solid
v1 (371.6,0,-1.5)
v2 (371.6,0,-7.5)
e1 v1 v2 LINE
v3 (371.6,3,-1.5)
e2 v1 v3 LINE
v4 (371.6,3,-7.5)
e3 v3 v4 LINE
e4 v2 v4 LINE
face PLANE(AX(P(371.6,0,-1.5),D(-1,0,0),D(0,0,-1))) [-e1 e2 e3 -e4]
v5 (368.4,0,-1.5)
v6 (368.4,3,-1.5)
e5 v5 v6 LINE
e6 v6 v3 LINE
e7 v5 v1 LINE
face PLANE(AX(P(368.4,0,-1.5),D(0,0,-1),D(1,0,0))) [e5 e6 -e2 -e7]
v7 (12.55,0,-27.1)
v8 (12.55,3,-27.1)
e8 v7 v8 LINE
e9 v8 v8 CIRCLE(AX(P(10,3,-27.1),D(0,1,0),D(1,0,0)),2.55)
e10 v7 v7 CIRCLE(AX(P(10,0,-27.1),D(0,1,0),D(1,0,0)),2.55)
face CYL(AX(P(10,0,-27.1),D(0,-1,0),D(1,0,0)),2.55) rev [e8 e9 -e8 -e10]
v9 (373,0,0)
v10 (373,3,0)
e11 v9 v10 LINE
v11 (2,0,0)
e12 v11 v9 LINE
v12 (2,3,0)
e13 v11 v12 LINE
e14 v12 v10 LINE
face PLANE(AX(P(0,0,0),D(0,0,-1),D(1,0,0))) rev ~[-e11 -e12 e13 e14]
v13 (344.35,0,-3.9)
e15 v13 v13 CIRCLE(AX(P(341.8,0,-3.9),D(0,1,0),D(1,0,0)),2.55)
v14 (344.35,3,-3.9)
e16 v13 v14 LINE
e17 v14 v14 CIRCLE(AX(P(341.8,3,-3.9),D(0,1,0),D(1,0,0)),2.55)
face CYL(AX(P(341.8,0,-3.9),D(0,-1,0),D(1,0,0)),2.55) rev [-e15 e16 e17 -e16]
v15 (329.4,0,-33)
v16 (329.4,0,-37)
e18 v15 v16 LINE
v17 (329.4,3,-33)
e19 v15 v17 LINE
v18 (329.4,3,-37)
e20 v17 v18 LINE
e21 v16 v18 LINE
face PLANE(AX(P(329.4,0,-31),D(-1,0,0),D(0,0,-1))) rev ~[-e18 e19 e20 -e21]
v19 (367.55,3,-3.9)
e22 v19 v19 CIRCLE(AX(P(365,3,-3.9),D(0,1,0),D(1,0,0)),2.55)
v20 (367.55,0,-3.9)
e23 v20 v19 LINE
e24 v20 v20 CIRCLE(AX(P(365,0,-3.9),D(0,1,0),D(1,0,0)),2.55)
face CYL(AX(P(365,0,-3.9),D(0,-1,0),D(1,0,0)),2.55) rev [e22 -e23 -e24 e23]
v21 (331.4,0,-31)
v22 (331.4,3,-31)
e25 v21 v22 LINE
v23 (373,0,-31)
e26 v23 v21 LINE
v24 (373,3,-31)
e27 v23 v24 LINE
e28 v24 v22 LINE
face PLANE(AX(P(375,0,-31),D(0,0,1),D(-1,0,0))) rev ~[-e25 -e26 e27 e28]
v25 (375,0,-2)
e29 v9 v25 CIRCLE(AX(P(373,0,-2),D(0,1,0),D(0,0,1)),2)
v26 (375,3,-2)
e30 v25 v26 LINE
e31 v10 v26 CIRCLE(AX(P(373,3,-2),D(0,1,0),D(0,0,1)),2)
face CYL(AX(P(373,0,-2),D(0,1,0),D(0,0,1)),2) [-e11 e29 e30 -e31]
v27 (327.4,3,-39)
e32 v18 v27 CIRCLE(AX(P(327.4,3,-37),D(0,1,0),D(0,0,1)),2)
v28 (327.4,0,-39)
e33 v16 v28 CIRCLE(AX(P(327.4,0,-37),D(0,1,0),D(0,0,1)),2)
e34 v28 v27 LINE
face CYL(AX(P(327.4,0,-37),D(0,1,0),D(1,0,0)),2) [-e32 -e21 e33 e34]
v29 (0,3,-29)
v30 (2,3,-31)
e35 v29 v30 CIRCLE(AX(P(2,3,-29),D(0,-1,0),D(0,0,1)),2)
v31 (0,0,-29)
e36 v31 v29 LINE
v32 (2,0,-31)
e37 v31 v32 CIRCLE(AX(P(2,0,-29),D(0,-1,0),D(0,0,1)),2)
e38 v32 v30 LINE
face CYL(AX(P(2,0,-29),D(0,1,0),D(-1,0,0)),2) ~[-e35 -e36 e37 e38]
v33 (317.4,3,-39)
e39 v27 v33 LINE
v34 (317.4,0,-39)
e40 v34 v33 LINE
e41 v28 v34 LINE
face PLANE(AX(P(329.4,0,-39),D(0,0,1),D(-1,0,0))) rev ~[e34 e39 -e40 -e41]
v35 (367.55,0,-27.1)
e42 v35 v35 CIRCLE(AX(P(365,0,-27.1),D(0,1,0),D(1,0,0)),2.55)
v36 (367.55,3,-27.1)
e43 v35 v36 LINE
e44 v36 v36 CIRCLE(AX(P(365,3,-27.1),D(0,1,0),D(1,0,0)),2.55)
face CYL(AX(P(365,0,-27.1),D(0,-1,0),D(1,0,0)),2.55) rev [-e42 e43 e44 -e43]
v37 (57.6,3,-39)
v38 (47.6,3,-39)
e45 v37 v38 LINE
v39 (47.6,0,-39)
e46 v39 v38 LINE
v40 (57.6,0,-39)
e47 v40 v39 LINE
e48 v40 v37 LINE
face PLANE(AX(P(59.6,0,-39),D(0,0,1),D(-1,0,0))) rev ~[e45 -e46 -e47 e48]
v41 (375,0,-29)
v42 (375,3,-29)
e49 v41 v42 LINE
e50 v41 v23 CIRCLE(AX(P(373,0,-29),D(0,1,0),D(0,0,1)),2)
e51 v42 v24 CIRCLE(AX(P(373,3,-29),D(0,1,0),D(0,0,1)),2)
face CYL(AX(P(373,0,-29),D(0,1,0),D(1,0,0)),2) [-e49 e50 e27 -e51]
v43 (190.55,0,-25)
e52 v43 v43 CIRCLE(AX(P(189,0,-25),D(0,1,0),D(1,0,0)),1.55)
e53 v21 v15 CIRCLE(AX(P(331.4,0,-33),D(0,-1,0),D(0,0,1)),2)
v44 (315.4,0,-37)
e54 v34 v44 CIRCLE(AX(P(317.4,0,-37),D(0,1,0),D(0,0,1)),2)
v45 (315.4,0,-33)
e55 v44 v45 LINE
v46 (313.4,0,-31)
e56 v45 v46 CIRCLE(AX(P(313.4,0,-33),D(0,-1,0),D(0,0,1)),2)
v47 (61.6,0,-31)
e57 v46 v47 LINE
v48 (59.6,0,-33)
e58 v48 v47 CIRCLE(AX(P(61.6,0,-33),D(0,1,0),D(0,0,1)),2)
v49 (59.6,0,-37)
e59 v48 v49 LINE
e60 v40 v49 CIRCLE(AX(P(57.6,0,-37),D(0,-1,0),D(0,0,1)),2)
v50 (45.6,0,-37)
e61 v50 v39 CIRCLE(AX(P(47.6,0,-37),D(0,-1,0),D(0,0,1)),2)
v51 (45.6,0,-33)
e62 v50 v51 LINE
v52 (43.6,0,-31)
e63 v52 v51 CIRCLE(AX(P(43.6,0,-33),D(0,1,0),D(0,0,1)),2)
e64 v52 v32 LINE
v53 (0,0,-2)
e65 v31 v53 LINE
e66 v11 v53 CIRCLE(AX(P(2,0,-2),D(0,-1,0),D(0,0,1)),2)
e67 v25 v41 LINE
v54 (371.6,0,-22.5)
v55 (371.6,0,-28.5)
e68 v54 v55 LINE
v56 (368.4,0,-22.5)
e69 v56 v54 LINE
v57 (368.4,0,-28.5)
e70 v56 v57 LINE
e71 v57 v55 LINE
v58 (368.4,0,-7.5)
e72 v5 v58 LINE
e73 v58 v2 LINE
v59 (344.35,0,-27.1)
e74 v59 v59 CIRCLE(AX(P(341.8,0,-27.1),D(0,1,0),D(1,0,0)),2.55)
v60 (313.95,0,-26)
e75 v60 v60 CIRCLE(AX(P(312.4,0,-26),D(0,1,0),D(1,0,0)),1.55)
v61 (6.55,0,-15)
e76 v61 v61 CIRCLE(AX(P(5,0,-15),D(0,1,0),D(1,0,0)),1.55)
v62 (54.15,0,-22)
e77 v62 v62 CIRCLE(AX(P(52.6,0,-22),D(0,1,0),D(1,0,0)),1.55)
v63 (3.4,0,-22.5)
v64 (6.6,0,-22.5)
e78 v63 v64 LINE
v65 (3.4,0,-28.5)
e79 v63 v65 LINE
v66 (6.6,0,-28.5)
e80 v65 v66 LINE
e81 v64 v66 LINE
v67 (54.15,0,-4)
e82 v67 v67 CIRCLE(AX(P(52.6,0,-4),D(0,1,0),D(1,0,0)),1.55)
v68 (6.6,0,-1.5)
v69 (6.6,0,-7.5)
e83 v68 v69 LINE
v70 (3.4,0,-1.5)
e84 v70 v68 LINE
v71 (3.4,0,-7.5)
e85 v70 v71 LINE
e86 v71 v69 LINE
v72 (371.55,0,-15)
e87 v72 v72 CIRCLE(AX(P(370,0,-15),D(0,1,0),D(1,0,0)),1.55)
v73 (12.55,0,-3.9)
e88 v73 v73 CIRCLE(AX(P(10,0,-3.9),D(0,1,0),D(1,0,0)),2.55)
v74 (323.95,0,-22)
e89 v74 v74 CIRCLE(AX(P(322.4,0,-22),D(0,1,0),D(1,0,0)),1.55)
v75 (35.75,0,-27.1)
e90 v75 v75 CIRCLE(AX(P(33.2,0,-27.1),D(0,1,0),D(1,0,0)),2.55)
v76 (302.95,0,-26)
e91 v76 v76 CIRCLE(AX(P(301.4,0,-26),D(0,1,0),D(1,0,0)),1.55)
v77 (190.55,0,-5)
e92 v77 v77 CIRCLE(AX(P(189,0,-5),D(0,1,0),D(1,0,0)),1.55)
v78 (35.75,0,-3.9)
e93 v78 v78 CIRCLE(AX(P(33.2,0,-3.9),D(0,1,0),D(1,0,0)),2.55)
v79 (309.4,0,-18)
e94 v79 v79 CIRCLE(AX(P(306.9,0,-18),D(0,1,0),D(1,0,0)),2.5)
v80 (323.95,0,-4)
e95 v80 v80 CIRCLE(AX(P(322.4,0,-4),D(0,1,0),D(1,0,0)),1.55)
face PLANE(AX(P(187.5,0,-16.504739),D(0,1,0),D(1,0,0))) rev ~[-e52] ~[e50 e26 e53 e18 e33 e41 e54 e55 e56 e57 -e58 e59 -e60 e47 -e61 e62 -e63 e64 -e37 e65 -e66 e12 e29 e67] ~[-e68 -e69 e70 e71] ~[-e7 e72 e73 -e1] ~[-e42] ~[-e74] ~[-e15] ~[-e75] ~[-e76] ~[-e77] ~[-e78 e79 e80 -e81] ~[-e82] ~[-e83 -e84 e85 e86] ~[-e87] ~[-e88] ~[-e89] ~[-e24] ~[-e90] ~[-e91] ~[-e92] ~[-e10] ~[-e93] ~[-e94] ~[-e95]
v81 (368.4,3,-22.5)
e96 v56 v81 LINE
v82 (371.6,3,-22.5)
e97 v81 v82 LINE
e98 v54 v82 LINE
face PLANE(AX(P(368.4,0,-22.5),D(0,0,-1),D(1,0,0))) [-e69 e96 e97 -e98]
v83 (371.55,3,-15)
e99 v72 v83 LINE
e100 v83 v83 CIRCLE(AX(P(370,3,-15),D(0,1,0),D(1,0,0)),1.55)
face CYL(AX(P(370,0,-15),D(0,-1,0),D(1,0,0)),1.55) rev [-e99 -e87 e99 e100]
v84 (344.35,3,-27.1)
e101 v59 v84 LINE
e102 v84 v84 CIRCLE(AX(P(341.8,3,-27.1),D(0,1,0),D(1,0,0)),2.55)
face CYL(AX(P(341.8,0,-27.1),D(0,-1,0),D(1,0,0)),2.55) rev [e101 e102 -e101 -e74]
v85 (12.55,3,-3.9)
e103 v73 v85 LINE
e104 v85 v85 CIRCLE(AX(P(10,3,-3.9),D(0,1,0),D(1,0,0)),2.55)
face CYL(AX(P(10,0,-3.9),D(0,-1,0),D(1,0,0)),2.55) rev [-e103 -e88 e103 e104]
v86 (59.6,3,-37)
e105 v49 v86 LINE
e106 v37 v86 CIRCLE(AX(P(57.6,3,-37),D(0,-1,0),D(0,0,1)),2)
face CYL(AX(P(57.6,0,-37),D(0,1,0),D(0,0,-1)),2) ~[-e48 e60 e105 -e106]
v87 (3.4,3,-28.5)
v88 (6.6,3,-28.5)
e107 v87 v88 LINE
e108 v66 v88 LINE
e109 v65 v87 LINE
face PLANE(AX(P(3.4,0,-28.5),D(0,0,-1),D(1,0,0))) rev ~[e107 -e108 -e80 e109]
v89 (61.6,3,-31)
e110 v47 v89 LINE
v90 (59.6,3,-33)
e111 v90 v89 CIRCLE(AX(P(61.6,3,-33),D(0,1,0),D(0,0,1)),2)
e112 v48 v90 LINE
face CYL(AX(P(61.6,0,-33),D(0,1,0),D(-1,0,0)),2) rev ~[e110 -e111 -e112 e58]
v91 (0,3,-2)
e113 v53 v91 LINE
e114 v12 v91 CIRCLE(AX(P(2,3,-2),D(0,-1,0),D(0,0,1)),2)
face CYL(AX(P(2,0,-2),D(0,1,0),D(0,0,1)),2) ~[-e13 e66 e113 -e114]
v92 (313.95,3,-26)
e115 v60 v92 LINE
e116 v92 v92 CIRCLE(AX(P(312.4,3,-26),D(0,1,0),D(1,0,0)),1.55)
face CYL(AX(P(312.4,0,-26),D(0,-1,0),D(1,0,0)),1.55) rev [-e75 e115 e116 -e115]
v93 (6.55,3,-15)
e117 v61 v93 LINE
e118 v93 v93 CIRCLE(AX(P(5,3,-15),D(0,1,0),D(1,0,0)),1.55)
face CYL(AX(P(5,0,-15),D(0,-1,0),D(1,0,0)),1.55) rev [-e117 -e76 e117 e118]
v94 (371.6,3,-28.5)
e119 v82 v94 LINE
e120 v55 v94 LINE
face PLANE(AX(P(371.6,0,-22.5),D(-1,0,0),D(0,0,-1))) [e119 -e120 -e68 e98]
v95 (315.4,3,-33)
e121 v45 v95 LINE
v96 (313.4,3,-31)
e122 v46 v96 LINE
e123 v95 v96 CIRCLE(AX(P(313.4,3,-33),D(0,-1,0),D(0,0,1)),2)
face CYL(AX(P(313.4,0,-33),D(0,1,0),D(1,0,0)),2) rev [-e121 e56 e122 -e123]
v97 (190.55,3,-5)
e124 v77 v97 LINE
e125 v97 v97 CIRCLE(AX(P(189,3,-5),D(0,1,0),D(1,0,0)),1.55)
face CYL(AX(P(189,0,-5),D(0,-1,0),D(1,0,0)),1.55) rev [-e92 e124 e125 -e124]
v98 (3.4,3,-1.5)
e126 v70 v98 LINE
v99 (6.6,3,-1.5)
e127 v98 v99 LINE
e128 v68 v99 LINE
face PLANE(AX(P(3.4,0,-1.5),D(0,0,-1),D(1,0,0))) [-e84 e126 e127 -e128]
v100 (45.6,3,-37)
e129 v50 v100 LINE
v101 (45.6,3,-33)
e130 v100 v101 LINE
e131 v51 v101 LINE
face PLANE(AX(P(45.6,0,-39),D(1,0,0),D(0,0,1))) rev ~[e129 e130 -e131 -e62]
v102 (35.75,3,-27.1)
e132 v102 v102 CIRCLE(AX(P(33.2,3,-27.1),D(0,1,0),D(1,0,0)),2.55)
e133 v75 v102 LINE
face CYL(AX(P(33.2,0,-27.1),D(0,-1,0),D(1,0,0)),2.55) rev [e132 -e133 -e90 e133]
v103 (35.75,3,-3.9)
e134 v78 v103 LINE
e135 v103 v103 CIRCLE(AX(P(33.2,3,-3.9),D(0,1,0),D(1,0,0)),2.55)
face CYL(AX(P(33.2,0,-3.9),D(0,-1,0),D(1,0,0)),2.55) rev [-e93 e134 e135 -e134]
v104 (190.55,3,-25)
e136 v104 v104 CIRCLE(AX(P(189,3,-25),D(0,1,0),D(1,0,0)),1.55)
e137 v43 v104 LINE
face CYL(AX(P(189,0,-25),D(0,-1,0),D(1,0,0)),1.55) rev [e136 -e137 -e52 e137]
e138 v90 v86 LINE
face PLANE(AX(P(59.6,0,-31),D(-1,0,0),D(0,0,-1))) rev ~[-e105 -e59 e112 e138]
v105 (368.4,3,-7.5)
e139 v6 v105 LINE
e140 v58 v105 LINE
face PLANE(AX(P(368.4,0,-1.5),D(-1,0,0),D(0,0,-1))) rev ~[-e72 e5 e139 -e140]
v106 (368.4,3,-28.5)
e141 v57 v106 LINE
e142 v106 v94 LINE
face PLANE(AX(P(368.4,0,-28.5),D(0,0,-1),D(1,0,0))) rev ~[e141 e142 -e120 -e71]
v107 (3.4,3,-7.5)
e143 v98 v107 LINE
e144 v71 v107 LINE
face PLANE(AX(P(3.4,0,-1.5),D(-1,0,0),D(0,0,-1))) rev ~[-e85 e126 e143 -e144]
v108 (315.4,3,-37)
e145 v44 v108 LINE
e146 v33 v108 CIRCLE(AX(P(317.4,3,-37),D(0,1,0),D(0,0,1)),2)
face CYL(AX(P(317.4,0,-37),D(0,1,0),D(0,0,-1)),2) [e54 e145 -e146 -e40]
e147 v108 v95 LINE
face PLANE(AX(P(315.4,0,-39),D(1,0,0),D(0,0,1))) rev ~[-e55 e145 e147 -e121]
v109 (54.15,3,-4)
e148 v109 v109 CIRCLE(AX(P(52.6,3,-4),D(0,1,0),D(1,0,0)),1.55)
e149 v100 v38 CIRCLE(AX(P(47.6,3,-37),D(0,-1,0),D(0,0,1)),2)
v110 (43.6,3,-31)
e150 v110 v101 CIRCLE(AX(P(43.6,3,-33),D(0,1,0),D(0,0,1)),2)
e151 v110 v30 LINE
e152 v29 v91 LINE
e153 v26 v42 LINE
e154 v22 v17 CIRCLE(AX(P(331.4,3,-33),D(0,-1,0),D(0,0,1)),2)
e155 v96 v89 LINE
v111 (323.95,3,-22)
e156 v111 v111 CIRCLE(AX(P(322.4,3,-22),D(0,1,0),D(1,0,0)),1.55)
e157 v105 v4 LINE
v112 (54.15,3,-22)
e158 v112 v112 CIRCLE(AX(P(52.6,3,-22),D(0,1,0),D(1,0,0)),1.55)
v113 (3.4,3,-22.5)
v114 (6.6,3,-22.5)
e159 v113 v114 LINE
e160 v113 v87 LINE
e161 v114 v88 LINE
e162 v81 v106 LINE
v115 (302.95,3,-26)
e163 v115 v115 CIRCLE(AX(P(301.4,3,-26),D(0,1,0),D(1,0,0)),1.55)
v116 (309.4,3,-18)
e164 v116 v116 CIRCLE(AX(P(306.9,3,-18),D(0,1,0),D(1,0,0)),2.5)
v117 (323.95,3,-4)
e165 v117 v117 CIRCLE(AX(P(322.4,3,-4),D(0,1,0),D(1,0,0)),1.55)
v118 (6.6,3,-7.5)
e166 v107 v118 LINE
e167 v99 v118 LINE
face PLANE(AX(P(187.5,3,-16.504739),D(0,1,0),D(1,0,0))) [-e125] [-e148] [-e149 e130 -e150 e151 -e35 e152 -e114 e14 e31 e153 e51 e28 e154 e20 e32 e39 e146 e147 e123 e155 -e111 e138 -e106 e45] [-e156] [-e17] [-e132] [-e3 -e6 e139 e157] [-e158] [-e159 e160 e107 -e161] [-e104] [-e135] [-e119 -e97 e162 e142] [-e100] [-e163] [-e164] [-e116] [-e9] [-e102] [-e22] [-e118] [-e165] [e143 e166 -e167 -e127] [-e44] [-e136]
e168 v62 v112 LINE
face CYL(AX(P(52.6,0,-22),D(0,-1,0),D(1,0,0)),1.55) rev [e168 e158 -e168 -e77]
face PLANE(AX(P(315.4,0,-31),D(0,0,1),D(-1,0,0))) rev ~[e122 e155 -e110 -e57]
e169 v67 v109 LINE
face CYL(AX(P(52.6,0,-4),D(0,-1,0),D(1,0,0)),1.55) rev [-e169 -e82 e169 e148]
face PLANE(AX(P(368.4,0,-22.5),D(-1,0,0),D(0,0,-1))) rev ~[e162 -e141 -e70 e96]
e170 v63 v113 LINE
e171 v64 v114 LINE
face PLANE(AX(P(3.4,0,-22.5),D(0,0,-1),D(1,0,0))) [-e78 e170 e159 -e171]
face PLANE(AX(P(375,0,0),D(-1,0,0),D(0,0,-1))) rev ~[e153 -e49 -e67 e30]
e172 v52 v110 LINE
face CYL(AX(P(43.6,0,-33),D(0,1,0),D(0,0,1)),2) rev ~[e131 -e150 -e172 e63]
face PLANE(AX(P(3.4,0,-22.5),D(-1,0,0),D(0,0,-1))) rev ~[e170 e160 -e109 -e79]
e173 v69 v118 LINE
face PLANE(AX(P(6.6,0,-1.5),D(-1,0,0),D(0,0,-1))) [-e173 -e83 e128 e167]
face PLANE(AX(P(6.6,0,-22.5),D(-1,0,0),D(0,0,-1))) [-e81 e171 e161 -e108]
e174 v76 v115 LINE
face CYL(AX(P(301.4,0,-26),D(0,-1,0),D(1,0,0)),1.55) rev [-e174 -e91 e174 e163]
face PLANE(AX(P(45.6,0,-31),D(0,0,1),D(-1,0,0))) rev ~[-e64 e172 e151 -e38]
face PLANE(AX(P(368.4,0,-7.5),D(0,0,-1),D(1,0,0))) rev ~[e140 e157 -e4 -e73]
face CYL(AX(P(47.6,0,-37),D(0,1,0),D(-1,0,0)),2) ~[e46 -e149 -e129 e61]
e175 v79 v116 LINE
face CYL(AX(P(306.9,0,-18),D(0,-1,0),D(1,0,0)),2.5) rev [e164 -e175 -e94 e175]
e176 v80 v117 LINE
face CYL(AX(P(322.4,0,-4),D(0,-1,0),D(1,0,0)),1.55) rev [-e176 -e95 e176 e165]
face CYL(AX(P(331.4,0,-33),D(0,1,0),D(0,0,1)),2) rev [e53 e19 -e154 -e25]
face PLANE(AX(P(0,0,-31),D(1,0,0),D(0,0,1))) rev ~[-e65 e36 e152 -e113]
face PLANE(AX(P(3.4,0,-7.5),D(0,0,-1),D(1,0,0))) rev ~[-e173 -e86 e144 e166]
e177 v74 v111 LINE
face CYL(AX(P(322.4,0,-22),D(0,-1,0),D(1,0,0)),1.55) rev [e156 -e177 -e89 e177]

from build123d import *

# Parameters (mm, degrees)
CROQUIS1_R              = 1.55
CROQUIS1_R_2            = 2.55
CROQUIS1_R_3            = 2.5
CROQUIS1_W              = 3.2
CROQUIS1_H              = 6
SALIENTE_EXTRUIR1_DEPTH = 3
REDONDEO2_R             = 2


with BuildPart() as part:
    # Croquis1 → Saliente-Extruir1 (new body)
    with BuildSketch(Plane(origin=(0, 0, 0), x_dir=(1, 0, 0), z_dir=(0, 1, 0))):
        Polygon((0, 0), (375, 0), (375, 31), (329.4, 31), (329.4, 39), (315.4, 39), (315.4, 31), (59.6, 31), (59.6, 39), (45.6, 39), (45.6, 31), (0, 31), align=None)
        with Locations((5, 15)):
            Circle(CROQUIS1_R, mode=Mode.SUBTRACT)
        with Locations((370, 15)):
            Circle(CROQUIS1_R, mode=Mode.SUBTRACT)
        with Locations((10, 27.1)):
            Circle(CROQUIS1_R_2, mode=Mode.SUBTRACT)
        with Locations((33.2, 27.1)):
            Circle(CROQUIS1_R_2, mode=Mode.SUBTRACT)
        with Locations((33.2, 3.9)):
            Circle(CROQUIS1_R_2, mode=Mode.SUBTRACT)
        with Locations((10, 3.9)):
            Circle(CROQUIS1_R_2, mode=Mode.SUBTRACT)
        with Locations((365, 3.9)):
            Circle(CROQUIS1_R_2, mode=Mode.SUBTRACT)
        with Locations((341.8, 3.9)):
            Circle(CROQUIS1_R_2, mode=Mode.SUBTRACT)
        with Locations((365, 27.1)):
            Circle(CROQUIS1_R_2, mode=Mode.SUBTRACT)
        with Locations((341.8, 27.1)):
            Circle(CROQUIS1_R_2, mode=Mode.SUBTRACT)
        with Locations((189, 25)):
            Circle(CROQUIS1_R, mode=Mode.SUBTRACT)
        with Locations((189, 5)):
            Circle(CROQUIS1_R, mode=Mode.SUBTRACT)
        with Locations((52.6, 22)):
            Circle(CROQUIS1_R, mode=Mode.SUBTRACT)
        with Locations((52.6, 4)):
            Circle(CROQUIS1_R, mode=Mode.SUBTRACT)
        with Locations((322.4, 22)):
            Circle(CROQUIS1_R, mode=Mode.SUBTRACT)
        with Locations((322.4, 4)):
            Circle(CROQUIS1_R, mode=Mode.SUBTRACT)
        with Locations((312.4, 26)):
            Circle(CROQUIS1_R, mode=Mode.SUBTRACT)
        with Locations((301.4, 26)):
            Circle(CROQUIS1_R, mode=Mode.SUBTRACT)
        with Locations((306.9, 18)):
            Circle(CROQUIS1_R_3, mode=Mode.SUBTRACT)
        with Locations((370, 4.5)):
            Rectangle(CROQUIS1_W, CROQUIS1_H, mode=Mode.SUBTRACT)
        with Locations((5, 25.5)):
            Rectangle(CROQUIS1_W, CROQUIS1_H, mode=Mode.SUBTRACT)
        with Locations((5, 4.5)):
            Rectangle(CROQUIS1_W, CROQUIS1_H, mode=Mode.SUBTRACT)
        with Locations((370, 25.5)):
            Rectangle(CROQUIS1_W, CROQUIS1_H, mode=Mode.SUBTRACT)
    extrude(amount=SALIENTE_EXTRUIR1_DEPTH)

    # Redondeo2
    redondeo2_edges = [part.edges().sort_by_distance(p)[0] for p in [
        (0, 1.5, -31),
        (45.6, 1.5, -31),
        (45.6, 1.5, -39),
        (59.6, 1.5, -39),
        (59.6, 1.5, -31),
        (315.4, 1.5, -31),
        (315.4, 1.5, -39),
        (329.4, 1.5, -39),
        (329.4, 1.5, -31),
        (375, 1.5, -31),
        (375, 1.5, 0),
        (0, 1.5, 0),
    ]]
    fillet(redondeo2_edges, radius=REDONDEO2_R)


solid = part.part
